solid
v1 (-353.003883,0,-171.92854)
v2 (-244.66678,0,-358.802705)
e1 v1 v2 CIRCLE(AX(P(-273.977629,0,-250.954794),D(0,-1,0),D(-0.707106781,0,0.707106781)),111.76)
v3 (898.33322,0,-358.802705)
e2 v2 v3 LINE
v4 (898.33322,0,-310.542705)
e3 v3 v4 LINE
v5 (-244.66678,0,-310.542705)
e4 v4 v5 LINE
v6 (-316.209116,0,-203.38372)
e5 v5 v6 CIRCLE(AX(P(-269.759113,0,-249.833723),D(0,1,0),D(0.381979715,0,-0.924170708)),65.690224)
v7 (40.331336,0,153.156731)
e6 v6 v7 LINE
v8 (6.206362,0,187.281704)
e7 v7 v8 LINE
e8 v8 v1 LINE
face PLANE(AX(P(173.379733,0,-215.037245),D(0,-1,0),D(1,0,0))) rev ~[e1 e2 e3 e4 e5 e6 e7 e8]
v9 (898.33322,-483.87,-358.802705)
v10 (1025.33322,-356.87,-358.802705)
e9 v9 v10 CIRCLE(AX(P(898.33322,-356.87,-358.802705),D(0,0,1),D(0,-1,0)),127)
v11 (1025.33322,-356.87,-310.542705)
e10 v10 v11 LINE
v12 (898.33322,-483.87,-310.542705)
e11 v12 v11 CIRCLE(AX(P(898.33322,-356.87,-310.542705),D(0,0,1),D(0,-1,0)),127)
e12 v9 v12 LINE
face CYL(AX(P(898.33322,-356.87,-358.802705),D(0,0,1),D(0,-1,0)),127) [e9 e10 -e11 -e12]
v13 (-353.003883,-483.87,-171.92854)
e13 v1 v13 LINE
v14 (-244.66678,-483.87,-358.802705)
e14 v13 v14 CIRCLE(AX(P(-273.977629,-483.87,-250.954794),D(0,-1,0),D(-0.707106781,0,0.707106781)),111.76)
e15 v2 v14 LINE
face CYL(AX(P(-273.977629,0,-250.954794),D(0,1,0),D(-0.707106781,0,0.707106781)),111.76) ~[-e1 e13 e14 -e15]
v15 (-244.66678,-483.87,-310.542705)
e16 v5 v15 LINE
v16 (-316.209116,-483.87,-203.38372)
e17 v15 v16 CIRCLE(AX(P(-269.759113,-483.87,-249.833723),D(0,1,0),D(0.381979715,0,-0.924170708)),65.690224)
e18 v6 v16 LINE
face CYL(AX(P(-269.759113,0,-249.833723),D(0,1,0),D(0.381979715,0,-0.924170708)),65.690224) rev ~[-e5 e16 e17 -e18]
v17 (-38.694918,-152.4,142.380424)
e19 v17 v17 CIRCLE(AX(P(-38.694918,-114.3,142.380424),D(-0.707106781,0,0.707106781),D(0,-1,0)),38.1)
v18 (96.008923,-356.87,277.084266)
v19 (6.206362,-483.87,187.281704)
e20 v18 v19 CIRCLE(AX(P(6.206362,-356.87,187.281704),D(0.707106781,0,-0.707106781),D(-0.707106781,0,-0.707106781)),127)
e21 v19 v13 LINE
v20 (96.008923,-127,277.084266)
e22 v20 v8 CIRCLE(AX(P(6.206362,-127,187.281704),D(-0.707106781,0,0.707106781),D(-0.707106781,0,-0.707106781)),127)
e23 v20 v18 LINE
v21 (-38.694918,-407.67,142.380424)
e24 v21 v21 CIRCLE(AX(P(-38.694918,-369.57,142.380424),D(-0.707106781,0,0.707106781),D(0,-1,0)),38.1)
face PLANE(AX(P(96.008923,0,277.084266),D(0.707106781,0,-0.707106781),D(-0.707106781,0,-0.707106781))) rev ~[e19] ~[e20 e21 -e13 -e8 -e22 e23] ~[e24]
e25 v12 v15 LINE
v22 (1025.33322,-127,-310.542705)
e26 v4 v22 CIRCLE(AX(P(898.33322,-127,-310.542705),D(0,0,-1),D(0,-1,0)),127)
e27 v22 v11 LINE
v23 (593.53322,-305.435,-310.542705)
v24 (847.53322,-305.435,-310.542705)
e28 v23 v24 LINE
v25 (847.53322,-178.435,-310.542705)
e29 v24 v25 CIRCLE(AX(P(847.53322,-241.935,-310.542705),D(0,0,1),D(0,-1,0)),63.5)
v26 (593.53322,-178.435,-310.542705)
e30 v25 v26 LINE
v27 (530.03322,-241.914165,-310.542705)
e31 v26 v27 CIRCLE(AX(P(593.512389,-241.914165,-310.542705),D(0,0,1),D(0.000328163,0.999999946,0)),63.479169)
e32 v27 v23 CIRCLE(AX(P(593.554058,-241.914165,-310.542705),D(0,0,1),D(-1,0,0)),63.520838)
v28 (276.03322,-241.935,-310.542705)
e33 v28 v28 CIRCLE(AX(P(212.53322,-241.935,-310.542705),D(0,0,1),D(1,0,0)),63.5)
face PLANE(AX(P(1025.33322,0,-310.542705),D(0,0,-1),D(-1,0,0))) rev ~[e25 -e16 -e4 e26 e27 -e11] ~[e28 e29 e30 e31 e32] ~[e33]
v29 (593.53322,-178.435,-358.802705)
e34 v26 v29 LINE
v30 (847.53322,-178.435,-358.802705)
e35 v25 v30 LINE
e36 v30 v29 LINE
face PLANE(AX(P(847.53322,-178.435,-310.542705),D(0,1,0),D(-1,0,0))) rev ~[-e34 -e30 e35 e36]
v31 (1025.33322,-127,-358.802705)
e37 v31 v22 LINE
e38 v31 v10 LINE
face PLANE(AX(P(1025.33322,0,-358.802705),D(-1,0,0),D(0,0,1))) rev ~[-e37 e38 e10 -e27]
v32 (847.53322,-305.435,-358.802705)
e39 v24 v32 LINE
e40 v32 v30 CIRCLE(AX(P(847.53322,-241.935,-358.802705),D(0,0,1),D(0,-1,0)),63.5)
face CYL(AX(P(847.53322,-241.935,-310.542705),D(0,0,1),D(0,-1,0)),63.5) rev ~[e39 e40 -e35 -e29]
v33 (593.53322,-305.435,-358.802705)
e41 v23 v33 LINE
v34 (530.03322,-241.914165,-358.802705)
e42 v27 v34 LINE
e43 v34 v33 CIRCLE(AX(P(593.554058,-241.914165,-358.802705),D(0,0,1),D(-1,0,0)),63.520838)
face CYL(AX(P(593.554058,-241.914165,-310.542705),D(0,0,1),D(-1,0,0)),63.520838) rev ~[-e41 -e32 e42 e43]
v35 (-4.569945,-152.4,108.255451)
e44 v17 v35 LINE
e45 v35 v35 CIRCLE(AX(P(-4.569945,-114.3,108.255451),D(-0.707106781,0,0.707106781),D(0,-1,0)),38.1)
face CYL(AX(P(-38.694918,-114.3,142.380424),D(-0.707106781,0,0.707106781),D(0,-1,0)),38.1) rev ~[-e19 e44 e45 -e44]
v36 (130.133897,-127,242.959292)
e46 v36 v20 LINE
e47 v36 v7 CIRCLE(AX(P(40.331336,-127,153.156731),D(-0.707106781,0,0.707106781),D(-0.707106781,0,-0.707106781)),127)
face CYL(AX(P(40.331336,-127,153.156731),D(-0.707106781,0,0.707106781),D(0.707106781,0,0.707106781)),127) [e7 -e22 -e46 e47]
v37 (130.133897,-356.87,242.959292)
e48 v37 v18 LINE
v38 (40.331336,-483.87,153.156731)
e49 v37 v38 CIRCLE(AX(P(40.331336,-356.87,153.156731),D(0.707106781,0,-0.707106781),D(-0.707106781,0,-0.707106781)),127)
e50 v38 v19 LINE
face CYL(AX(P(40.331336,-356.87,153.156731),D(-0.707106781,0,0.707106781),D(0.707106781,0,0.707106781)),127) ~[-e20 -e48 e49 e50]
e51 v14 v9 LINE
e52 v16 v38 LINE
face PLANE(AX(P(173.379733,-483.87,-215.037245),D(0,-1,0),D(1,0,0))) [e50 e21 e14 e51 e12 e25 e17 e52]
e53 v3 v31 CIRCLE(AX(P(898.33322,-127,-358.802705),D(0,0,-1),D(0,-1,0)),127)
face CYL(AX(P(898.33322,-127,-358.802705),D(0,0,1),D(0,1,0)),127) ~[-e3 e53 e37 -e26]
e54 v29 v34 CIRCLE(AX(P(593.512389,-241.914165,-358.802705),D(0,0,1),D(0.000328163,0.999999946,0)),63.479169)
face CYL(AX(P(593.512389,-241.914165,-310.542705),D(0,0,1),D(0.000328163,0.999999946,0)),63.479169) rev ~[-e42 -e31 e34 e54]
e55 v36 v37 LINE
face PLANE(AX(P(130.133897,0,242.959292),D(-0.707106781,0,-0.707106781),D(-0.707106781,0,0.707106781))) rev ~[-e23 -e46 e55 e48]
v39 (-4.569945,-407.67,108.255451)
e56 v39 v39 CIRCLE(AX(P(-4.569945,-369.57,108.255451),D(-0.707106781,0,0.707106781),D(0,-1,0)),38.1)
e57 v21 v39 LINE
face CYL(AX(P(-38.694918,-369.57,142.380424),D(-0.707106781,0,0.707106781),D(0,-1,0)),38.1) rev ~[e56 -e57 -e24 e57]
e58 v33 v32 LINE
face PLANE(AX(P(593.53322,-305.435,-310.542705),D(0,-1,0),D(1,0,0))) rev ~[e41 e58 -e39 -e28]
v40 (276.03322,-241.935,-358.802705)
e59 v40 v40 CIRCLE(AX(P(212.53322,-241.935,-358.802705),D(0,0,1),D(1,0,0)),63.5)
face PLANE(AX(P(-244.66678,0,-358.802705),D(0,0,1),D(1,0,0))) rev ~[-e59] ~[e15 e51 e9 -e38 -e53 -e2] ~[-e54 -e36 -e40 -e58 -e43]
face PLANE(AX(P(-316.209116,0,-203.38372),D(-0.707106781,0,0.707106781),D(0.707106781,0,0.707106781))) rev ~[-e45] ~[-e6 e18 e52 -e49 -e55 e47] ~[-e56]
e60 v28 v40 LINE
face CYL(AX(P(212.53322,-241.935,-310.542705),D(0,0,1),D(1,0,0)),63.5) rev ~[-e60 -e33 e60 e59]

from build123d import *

# Parameters (mm, degrees)
F1_DEPTH = 483.87
F2_R     = 63.5
F3_DEPTH = 52.173089771
F4_R     = 38.1
F5_DEPTH = 50.8
F6_R     = 127
F7_R     = 127
F8_DEPTH = 52.173089771


with BuildPart() as f1:
    # F0 (on Front) → F1 (new body)
    with BuildSketch(Plane.XZ):
        with BuildLine():
            Line((130.1338967539, 242.9592923321), (96.0089234939, 277.0842655921))
            Line((96.0089234939, 277.0842655921), (-353.0038825596, -171.9285404613))
            ThreePointArc((-353.0038825596, -171.9285404613), (-370.6647202624, -307.0074831479), (-244.6667798626, -358.8027045558))
            Line((-244.6667798626, -358.8027045558), (1025.3332201374, -358.8027045558))
            Line((1025.3332201374, -358.8027045558), (1025.3332201374, -310.5427045558))
            Line((1025.3332201374, -310.5427045558), (-244.6667798626, -310.5427045558))
            ThreePointArc((-244.6667798626, -310.5427045558), (-324.3924314451, -286.3084555707), (-316.2091160387, -203.3837204605))
            Line((-316.2091160387, -203.3837204605), (130.1338967539, 242.9592923321))
        make_face()
    extrude(amount=F1_DEPTH)

    # F2 (on face) → F3 (cut, through all)
    with BuildSketch(Plane.XY.offset(-310.5427045558)):
        with Locations((212.5332201374, -241.935)):
            Circle(F2_R)
    extrude(amount=-F3_DEPTH, mode=Mode.SUBTRACT)

    # F4 (on face) → F5 (cut)
    with BuildSketch(Plane(origin=(-90.5376710491, 0, 90.5376710491), x_dir=(0, -1, 0), z_dir=(-0.7071067812, 0, 0.7071067812))):
        with Locations((114.3, 73.3167240172)):
            Circle(F4_R)
        with Locations((369.57, 73.3167240172)):
            Circle(F4_R)
    extrude(amount=-F5_DEPTH, mode=Mode.SUBTRACT)

    # F6
    f6_edges = [f1.edges().sort_by_distance(p)[0] for p in [
        (113.07141, 0, 260.021779),
        (113.07141, -483.87, 260.021779),
    ]]
    fillet(f6_edges, radius=F6_R)

    # F7
    f7_edges = [f1.edges().sort_by_distance(p)[0] for p in [
        (1025.33322, 0, -334.672705),
        (1025.33322, -483.87, -334.672705),
    ]]
    fillet(f7_edges, radius=F7_R)

    # F2 (on face) → F8 (cut, through all)
    with BuildSketch(Plane.XY.offset(-310.5427045558)):
        with BuildLine():
            Line((847.5332201374, -178.435), (593.5332201374, -178.435))
            ThreePointArc((593.5332201374, -178.435), (548.6332037777, -197.0202501392), (530.0332201374, -241.914165099))
            ThreePointArc((530.0332201374, -241.914165099), (548.6306760802, -286.8228125584), (593.5332201374, -305.435))
            Line((593.5332201374, -305.435), (847.5332201374, -305.435))
            ThreePointArc((847.5332201374, -305.435), (892.4345007428, -286.8362806053), (911.0332201374, -241.935))
            ThreePointArc((911.0332201374, -241.935), (892.4345007428, -197.0337193947), (847.5332201374, -178.435))
        make_face()
    extrude(amount=-F8_DEPTH, mode=Mode.SUBTRACT)


solid = f1.part
